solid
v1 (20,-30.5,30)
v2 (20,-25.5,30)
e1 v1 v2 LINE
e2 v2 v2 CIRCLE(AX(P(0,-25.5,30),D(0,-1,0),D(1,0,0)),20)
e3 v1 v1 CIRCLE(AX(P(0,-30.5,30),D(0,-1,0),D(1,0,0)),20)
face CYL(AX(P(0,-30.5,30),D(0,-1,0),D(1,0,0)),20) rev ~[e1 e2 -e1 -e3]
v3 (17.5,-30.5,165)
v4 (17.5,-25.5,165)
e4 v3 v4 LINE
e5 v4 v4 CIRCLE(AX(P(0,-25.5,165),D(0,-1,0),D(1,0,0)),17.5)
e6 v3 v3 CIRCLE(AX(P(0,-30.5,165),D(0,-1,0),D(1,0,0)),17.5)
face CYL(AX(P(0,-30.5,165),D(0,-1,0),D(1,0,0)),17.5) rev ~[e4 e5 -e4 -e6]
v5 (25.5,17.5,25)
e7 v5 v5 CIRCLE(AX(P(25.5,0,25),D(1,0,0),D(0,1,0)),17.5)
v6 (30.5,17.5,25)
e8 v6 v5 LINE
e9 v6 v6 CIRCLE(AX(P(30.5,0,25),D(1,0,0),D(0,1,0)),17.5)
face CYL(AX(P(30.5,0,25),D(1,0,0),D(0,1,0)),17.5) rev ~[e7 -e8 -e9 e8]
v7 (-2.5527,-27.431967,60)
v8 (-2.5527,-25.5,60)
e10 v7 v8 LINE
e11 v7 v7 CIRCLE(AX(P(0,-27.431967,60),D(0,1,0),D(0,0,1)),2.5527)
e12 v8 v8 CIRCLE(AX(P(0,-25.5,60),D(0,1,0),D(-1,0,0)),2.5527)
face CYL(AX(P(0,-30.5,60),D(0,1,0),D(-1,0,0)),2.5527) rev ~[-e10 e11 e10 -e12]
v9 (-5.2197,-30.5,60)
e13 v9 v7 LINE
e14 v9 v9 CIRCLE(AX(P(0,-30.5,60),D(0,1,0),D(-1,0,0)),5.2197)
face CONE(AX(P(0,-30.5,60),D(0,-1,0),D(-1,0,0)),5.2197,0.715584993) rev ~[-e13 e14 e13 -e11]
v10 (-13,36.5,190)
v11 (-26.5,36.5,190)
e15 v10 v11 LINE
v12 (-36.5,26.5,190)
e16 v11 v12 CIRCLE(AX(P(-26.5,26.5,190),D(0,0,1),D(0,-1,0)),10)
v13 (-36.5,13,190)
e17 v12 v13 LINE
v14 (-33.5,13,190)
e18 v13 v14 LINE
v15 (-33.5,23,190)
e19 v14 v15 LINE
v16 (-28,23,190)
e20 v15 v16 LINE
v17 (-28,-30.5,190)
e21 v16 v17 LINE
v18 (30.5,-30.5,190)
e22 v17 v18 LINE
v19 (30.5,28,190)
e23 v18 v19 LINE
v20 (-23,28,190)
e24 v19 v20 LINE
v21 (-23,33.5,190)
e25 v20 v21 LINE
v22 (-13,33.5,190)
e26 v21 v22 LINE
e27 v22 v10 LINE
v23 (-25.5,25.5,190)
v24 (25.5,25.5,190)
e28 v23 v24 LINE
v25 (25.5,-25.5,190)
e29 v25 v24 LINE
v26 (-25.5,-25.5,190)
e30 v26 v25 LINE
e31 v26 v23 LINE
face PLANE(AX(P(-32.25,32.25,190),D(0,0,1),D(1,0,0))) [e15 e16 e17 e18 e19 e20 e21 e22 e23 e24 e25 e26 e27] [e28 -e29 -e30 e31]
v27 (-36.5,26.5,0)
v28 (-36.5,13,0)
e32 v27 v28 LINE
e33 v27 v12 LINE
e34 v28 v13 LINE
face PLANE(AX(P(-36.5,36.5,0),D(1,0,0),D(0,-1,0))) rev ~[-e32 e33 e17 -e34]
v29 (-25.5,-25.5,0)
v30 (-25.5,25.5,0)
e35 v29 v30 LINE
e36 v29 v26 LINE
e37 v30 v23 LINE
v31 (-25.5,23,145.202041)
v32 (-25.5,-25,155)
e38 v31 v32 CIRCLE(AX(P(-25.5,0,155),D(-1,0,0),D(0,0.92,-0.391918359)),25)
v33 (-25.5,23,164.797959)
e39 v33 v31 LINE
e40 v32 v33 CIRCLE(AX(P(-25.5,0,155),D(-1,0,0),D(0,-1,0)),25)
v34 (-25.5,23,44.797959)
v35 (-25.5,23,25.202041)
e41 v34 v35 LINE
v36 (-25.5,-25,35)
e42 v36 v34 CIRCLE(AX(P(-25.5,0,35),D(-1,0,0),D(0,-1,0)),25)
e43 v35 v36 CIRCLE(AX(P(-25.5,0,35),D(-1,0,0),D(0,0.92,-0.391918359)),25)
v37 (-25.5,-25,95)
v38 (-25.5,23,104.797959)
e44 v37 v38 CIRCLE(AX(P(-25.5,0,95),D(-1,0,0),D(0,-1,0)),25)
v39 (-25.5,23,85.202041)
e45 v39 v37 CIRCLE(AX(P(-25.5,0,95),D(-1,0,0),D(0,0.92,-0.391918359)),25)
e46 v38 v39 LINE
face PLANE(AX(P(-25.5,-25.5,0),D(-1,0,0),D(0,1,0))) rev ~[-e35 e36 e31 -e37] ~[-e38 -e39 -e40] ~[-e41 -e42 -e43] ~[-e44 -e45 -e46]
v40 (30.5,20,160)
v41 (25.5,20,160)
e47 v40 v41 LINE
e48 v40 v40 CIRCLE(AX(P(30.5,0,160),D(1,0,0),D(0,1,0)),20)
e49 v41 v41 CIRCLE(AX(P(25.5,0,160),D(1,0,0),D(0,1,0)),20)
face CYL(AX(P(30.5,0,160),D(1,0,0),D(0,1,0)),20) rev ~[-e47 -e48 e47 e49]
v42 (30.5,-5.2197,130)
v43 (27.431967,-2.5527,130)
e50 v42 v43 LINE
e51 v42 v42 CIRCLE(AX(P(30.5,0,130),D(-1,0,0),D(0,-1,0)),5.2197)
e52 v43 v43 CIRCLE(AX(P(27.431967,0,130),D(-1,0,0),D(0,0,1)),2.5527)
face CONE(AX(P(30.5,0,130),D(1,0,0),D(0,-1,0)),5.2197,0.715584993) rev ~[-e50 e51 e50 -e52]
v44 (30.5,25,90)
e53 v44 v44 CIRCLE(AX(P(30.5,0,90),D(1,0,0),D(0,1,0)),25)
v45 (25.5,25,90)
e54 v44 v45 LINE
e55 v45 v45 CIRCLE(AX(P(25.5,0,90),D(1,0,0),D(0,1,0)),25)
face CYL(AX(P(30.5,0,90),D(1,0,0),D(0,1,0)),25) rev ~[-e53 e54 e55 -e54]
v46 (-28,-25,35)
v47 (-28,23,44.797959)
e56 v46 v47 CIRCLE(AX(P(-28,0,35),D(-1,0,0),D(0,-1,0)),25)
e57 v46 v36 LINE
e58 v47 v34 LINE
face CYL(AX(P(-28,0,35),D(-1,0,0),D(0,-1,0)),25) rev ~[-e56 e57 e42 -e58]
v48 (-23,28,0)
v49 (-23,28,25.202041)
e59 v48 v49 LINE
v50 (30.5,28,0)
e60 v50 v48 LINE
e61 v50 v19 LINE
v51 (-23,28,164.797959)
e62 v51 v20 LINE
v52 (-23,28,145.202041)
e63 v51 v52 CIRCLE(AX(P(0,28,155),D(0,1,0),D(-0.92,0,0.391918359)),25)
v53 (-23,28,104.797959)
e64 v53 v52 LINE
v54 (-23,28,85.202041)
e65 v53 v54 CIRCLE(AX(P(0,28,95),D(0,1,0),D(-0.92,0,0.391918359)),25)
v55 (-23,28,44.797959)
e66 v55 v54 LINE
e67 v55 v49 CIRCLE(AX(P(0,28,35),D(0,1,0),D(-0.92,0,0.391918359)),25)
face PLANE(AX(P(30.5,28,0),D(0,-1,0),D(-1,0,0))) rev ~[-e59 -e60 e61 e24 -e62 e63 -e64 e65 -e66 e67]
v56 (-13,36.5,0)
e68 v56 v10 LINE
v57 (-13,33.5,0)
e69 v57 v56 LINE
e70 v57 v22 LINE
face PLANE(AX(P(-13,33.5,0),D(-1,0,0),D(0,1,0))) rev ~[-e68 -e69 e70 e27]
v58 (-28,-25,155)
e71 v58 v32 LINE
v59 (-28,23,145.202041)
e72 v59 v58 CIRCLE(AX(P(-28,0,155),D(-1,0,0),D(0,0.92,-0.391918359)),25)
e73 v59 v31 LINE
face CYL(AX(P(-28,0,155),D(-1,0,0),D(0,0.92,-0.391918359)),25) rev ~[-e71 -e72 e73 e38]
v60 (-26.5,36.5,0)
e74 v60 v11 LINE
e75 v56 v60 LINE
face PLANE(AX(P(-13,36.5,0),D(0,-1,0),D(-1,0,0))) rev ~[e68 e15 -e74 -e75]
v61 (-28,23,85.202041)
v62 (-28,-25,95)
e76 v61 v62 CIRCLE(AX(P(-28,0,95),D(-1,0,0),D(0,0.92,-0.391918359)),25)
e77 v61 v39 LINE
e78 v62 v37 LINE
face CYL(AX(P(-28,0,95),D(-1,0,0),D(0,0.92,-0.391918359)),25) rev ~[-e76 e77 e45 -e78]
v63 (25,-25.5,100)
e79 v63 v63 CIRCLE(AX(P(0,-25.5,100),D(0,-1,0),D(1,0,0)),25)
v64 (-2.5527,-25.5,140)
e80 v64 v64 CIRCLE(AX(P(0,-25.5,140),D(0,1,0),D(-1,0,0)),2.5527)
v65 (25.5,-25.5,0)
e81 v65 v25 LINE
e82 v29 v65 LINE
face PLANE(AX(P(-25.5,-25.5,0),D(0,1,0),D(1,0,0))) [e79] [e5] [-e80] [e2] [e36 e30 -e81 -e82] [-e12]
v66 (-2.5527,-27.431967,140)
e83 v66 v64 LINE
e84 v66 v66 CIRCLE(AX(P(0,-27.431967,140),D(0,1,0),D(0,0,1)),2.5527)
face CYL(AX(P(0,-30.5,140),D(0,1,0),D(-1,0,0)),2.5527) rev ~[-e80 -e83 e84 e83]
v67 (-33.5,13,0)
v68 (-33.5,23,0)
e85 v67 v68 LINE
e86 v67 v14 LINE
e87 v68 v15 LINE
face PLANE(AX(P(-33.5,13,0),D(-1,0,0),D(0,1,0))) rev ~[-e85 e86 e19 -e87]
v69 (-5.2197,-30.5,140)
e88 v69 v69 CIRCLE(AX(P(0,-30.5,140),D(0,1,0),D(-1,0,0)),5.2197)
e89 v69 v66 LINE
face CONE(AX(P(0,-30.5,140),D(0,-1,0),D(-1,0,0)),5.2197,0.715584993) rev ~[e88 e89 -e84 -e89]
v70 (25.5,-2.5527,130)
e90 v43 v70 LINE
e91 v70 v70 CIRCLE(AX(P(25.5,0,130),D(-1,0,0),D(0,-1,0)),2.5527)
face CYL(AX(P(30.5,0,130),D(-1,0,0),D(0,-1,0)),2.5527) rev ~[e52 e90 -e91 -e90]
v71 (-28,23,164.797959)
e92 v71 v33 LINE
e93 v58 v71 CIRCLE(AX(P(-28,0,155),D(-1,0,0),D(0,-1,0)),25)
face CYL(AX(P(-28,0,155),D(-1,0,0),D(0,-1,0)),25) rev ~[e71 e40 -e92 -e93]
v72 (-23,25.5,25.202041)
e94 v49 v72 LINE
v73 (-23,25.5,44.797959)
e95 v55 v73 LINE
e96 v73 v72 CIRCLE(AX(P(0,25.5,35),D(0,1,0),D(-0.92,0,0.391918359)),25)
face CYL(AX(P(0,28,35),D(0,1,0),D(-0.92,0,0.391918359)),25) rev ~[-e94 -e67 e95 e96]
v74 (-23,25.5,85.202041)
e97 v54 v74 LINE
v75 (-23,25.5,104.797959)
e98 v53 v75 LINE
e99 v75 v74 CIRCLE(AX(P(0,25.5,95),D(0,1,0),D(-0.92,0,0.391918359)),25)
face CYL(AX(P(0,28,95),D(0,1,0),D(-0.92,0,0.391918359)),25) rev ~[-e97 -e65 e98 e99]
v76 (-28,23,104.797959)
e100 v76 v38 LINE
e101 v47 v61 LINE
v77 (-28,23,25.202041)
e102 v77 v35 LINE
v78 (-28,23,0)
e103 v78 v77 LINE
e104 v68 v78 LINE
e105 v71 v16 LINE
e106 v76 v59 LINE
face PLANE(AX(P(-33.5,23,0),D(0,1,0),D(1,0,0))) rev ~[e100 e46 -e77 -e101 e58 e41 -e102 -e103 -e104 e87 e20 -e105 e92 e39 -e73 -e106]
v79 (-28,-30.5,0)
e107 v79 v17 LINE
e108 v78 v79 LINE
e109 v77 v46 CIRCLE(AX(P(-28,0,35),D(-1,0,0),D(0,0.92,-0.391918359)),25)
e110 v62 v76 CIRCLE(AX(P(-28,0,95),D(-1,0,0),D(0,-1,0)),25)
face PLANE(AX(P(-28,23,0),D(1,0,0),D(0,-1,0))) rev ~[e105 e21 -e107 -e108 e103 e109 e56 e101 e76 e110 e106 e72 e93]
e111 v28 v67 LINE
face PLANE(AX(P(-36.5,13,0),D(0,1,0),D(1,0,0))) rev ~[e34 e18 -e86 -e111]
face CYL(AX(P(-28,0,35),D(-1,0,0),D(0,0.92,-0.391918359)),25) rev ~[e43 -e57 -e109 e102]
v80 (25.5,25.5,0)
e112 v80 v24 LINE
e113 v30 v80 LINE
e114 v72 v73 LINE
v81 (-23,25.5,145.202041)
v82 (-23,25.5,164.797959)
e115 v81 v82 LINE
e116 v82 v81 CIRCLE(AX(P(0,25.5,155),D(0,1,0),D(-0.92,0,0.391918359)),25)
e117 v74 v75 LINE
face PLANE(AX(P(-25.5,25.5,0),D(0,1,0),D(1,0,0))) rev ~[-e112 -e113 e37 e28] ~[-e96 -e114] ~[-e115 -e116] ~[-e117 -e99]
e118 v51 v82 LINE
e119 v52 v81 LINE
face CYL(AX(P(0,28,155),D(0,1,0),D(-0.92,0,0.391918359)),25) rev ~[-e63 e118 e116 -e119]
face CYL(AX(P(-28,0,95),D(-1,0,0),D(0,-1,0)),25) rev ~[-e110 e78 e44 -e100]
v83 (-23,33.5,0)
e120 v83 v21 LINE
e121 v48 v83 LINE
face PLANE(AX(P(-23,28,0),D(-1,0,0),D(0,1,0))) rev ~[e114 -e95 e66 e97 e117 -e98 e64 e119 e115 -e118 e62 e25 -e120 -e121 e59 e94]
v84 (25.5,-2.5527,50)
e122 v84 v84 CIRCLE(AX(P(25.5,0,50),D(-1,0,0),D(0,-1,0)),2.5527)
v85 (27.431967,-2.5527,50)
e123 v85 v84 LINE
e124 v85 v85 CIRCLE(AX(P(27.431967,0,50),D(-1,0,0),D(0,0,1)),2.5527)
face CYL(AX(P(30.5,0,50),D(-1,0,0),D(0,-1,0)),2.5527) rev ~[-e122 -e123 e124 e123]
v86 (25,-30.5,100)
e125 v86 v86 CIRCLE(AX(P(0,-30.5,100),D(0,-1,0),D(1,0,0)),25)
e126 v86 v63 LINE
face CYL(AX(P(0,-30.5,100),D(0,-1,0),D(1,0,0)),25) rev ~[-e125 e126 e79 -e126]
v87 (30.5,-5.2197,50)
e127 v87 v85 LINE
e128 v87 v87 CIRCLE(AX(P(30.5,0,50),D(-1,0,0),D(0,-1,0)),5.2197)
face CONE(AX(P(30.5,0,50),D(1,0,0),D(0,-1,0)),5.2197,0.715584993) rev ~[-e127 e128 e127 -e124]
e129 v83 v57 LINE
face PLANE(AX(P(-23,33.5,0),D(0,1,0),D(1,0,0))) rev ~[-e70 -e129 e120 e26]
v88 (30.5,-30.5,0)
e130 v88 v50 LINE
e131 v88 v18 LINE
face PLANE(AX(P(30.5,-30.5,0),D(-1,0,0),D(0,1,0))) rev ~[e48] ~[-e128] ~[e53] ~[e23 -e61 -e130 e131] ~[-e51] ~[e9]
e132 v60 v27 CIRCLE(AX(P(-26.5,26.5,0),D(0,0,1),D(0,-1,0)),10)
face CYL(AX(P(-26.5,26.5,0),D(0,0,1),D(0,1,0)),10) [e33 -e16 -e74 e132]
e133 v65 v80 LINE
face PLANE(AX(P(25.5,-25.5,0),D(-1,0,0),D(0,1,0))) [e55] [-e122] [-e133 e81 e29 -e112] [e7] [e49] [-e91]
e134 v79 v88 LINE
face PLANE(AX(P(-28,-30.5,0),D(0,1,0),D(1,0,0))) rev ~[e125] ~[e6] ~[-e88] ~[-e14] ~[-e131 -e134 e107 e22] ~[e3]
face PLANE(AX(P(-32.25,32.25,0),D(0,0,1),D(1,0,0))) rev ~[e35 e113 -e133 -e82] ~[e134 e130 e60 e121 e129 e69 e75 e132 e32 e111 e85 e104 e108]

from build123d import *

# Parameters (mm, degrees)
F0_W           = 5
F0_H           = 5.5
F0_W_2         = 5.5
F0_H_2         = 5
F0_W_3         = 51
F0_H_3         = 51
F1_DEPTH       = 190
F2_R           = 10
F3_R           = 25
F3_R_2         = 17.5
F3_R_3         = 20
F4_DEPTH       = 5
F5_D           = 5.1054
F5_DEPTH       = 12
F5_CSINK_D     = 10.4394
F5_CSINK_ANGLE = 82
F5_TIP         = 1.5338169022
F7_D           = 5.1054
F7_DEPTH       = 12
F7_CSINK_D     = 10.4394
F7_CSINK_ANGLE = 82
F7_TIP         = 1.5338169022
F6_R           = 20
F6_R_2         = 25
F6_R_3         = 17.5
F8_DEPTH       = 5
F10_DEPTH      = 2.5
F12_DEPTH      = 2.5


with BuildPart() as f1:
    # F0 (on Top) → F1 (new body)
    with BuildSketch(Plane.XY):
        Polygon((-33.5, 28), (-28, 28), (-28, 33.5), (-28, 36.5), (-36.5, 36.5), (-36.5, 28), align=None)
        Polygon((-28, 36.5), (-28, 33.5), (-23, 33.5), (-13, 33.5), (-13, 36.5), align=None)
        with Locations((-25.5, 30.75)):
            Rectangle(F0_W, F0_H)
        with Locations((-30.75, 25.5)):
            Rectangle(F0_W_2, F0_H_2)
        Polygon((-33.5, 23), (-33.5, 28), (-36.5, 28), (-36.5, 13), (-33.5, 13), align=None)
        Polygon((-23, 28), (-28, 28), (-28, 23), (-28, -30.5), (30.5, -30.5), (30.5, 28), align=None)
        Rectangle(F0_W_3, F0_H_3, mode=Mode.SUBTRACT)
    extrude(amount=F1_DEPTH)

    # F2
    f2_edges = [f1.edges().sort_by_distance(p)[0] for p in [
        (-36.5, 36.5, 95),
    ]]
    fillet(f2_edges, radius=F2_R)

    # F3 (on face) → F4 (cut, through all)
    with BuildSketch(Plane.XZ.offset(30.5)):
        with Locations((0, 100)):
            Circle(F3_R)
        with Locations((0, 165)):
            Circle(F3_R_2)
        with Locations((0, 30)):
            Circle(F3_R_3)
    extrude(amount=-F4_DEPTH, mode=Mode.SUBTRACT)

    # F5
    with Locations(Plane.XZ.offset(30.5)):
        with Locations((0, 140), (0, 60)):
            CounterSinkHole(F5_D / 2, F5_CSINK_D / 2, depth=F5_DEPTH, counter_sink_angle=F5_CSINK_ANGLE)
            with Locations((0, 0, -(F5_DEPTH + F5_TIP / 2))):  # 118° drill point
                Cone(0, F5_D / 2, F5_TIP, mode=Mode.SUBTRACT)

    # F7
    with Locations(Plane.YZ.offset(30.5)):
        with Locations((0, 130), (0, 50)):
            CounterSinkHole(F7_D / 2, F7_CSINK_D / 2, depth=F7_DEPTH, counter_sink_angle=F7_CSINK_ANGLE)
            with Locations((0, 0, -(F7_DEPTH + F7_TIP / 2))):  # 118° drill point
                Cone(0, F7_D / 2, F7_TIP, mode=Mode.SUBTRACT)

    # F6 (on face) → F8 (cut, through all)
    with BuildSketch(Plane.YZ.offset(30.5)):
        with Locations((0, 160)):
            Circle(F6_R)
        with Locations((0, 90)):
            Circle(F6_R_2)
        with Locations((0, 25)):
            Circle(F6_R_3)
    extrude(amount=-F8_DEPTH, mode=Mode.SUBTRACT)

    # F9 (on face) → F10 (cut, through all)
    with BuildSketch(Plane(origin=(-28, 0, 0), x_dir=(0, -1, 0), z_dir=(-1, 0, 0))):
        with BuildLine():
            Line((-23, 164.7979589711), (-23, 145.2020410289))
            ThreePointArc((-23, 145.2020410289), (5, 130.5051025722), (25, 155))
            ThreePointArc((25, 155), (5, 179.4948974278), (-23, 164.7979589711))
        make_face()
        with BuildLine():
            ThreePointArc((-23, 85.2020410289), (5, 70.5051025722), (25, 95))
            ThreePointArc((25, 95), (5, 119.4948974278), (-23, 104.7979589711))
            Line((-23, 104.7979589711), (-23, 85.2020410289))
        make_face()
        with BuildLine():
            ThreePointArc((25, 35), (5, 59.4948974278), (-23, 44.7979589711))
            Line((-23, 44.7979589711), (-23, 25.2020410289))
            ThreePointArc((-23, 25.2020410289), (5, 10.5051025722), (25, 35))
        make_face()
    extrude(amount=-F10_DEPTH, mode=Mode.SUBTRACT)

    # F11 (on face) → F12 (cut, through all)
    with BuildSketch(Plane(origin=(0, 28, 0), x_dir=(-1, 0, 0), z_dir=(0, 1, 0))):
        with BuildLine():
            ThreePointArc((23, 164.7979589711), (-25, 155), (23, 145.2020410289))
            Line((23, 145.2020410289), (23, 164.7979589711))
        make_face()
        with BuildLine():
            Line((23, 85.2020410289), (23, 104.7979589711))
            ThreePointArc((23, 104.7979589711), (-25, 95), (23, 85.2020410289))
        make_face()
        with BuildLine():
            Line((23, 25.2020410289), (23, 44.7979589711))
            ThreePointArc((23, 44.7979589711), (-25, 35), (23, 25.2020410289))
        make_face()
    extrude(amount=-F12_DEPTH, mode=Mode.SUBTRACT)


solid = f1.part
